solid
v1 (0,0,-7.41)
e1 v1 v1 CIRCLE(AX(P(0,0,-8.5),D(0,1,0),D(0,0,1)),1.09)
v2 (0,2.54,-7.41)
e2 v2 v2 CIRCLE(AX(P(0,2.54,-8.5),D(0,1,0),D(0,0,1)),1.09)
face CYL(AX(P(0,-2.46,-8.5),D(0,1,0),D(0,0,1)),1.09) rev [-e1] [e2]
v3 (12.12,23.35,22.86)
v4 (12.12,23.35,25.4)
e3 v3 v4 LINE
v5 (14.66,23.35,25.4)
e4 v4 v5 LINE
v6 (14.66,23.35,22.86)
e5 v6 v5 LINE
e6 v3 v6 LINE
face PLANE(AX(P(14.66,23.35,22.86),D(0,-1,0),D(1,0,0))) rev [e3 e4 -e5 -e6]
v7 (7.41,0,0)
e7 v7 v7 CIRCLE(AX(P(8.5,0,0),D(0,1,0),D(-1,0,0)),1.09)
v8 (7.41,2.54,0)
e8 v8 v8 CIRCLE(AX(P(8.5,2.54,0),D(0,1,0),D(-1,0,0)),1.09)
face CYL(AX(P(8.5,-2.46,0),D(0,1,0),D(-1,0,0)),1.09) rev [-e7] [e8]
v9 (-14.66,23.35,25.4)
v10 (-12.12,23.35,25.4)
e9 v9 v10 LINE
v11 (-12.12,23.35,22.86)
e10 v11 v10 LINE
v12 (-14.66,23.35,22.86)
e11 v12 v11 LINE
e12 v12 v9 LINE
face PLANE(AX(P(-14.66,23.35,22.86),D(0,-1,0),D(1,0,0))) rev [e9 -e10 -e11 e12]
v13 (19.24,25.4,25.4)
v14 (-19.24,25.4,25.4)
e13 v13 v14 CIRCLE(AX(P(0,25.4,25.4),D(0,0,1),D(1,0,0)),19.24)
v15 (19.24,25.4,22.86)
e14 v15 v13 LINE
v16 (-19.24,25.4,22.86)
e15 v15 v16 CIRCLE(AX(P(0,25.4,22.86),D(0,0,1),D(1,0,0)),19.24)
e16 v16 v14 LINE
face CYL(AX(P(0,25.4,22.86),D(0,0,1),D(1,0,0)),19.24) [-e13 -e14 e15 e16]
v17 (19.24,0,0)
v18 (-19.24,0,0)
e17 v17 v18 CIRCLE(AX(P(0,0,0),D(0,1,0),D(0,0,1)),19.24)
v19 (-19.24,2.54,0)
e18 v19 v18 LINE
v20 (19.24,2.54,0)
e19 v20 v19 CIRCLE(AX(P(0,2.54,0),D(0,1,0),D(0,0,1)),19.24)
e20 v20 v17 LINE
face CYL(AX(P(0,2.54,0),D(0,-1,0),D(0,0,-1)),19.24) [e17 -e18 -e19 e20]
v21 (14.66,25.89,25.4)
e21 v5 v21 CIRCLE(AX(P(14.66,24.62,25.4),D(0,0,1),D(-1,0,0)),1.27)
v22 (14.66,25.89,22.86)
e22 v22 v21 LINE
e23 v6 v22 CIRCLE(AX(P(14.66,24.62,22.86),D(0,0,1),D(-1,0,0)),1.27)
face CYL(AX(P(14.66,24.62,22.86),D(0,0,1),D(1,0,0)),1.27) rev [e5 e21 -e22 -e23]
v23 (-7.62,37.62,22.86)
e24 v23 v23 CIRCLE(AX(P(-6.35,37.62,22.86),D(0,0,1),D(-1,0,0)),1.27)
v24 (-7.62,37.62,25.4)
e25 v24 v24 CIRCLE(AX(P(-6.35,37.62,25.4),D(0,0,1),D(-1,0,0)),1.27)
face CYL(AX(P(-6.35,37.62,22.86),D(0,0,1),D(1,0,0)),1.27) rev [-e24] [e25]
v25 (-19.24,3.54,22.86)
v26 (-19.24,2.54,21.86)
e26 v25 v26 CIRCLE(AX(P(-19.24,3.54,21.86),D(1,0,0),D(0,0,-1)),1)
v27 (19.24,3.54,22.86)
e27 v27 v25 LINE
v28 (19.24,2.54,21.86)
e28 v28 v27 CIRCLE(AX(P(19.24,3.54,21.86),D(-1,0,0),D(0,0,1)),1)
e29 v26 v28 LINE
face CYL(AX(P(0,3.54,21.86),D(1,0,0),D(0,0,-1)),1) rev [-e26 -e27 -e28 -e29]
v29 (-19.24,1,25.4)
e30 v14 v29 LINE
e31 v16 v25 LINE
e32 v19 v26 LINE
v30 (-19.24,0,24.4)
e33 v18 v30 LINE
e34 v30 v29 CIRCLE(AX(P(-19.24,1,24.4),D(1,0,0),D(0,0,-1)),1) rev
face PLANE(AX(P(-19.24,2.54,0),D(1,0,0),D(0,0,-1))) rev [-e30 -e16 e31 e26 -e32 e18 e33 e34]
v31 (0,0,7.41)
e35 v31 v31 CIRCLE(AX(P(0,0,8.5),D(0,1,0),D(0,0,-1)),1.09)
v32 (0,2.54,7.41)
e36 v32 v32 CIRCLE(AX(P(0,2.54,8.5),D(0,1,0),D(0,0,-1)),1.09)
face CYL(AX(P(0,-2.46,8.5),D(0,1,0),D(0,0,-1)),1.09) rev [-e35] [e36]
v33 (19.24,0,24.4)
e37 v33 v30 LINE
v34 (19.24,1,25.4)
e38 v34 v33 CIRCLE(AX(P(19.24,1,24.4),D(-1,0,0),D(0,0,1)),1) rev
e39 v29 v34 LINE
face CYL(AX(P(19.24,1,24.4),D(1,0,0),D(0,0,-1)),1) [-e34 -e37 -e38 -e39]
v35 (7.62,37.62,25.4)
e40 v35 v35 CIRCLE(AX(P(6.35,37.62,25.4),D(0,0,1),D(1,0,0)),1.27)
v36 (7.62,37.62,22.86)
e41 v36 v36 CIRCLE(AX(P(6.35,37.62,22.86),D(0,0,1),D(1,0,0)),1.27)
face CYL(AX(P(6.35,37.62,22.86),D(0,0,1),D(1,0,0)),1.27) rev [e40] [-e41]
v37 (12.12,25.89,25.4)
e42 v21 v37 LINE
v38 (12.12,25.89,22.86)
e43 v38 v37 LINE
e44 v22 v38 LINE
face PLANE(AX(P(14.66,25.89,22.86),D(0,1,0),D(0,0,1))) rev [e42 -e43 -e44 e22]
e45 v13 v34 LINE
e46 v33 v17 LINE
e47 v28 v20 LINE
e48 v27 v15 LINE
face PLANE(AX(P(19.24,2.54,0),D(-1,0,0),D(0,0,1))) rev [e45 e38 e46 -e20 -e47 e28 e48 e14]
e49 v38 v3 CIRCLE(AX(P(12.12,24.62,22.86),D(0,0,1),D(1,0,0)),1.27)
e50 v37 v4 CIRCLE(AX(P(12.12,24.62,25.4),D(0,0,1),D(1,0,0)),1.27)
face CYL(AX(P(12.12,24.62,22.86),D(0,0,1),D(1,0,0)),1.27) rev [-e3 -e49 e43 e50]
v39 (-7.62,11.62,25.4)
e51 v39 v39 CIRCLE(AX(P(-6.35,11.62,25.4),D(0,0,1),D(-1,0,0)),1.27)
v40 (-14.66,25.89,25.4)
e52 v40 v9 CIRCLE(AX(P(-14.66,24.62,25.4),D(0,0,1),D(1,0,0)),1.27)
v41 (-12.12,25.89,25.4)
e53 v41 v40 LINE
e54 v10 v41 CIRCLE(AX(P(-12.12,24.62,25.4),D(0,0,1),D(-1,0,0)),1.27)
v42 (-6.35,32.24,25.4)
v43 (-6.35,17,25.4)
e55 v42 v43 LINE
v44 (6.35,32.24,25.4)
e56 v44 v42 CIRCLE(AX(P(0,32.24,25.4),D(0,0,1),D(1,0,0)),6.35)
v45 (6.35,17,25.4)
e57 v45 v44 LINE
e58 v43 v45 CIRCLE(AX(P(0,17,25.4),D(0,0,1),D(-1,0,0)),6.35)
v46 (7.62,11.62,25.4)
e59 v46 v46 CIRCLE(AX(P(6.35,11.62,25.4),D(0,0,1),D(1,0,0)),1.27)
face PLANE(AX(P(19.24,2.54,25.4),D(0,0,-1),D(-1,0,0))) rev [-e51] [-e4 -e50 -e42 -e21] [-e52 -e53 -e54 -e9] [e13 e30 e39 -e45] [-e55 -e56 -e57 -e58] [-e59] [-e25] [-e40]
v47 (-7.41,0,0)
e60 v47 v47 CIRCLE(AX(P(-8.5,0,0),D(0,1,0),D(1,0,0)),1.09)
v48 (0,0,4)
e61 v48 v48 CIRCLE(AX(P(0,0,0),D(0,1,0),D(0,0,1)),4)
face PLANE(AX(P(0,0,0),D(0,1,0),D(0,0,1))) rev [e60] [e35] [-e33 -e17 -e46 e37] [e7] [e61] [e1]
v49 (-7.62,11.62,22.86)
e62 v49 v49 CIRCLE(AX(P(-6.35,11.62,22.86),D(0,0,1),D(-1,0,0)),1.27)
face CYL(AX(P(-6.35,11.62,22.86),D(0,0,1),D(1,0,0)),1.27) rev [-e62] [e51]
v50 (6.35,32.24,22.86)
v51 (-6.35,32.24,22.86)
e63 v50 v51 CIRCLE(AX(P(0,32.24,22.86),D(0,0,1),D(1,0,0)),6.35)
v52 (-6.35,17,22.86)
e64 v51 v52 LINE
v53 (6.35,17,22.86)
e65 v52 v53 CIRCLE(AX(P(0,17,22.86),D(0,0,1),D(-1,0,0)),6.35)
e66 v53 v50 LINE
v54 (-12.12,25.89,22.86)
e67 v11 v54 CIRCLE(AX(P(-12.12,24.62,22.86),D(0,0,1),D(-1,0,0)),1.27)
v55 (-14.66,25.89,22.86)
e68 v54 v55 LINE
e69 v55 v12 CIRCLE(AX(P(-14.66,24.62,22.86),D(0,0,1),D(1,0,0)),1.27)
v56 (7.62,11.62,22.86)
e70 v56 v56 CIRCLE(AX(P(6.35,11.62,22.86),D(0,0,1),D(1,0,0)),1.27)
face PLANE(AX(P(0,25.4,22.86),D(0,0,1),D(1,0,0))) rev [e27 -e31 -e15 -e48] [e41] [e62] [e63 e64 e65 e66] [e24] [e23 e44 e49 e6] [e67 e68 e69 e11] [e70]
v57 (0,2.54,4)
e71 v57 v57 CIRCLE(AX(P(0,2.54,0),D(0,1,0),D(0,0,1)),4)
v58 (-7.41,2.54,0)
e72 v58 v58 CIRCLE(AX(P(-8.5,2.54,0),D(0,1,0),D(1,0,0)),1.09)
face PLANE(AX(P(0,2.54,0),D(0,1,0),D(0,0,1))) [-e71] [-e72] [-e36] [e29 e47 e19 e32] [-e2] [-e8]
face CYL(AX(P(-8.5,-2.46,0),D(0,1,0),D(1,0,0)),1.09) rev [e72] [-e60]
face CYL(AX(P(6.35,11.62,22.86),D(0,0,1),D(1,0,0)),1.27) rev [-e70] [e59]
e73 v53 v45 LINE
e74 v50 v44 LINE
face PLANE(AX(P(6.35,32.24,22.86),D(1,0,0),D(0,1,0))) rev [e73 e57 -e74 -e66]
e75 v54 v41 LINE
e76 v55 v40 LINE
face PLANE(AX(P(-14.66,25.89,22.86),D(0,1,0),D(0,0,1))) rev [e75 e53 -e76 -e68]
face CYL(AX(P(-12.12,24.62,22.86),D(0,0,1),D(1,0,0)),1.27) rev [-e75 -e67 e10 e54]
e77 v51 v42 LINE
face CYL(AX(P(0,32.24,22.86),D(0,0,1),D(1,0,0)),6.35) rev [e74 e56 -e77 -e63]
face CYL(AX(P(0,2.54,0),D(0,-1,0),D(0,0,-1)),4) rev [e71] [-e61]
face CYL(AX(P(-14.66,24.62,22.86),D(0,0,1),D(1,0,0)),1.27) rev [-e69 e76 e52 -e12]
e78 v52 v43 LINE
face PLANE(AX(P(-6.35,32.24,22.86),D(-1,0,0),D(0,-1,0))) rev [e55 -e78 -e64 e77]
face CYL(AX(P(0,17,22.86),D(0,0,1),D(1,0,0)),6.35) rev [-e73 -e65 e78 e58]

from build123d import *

# Parameters (mm, degrees)
SKETCH1_R           = 4
BOSS_EXTRUDE1_DEPTH = 2.54
SKETCH2_R           = 1.09
CUT_EXTRUDE1_DEPTH  = 5
CIRPATTERN1_COUNT   = 4
SKETCH3_R           = 1.27
BOSS_EXTRUDE2_DEPTH = 2.54
FILLET1_R           = 1


with BuildPart() as part:
    # Sketch1 → Boss-Extrude1 (new body)
    with BuildSketch(Plane(origin=(0, 0, 0), x_dir=(1, 0, 0), z_dir=(0, 1, 0))):
        with BuildLine():
            Line((-19.24, 0), (-19.24, -25.4))
            Line((-19.24, -25.4), (19.24, -25.4))
            Line((19.24, -25.4), (19.24, 0))
            ThreePointArc((19.24, 0), (0, 19.24), (-19.24, 0))
        make_face()
        with Locations(Location((0, 0, 0), (0, 0, 270))):
            Circle(SKETCH1_R, mode=Mode.SUBTRACT)
    extrude(amount=BOSS_EXTRUDE1_DEPTH)

    # Sketch2 → Cut-Extrude1 (cut, symmetric)
    with BuildSketch(Plane(origin=(0, 2.54, 0), x_dir=(1, 0, 0), z_dir=(0, 1, 0))):
        with Locations(Location((0, 8.5, 0), (0, 0, 270))):
            Circle(SKETCH2_R)
    cut_extrude1 = extrude(amount=CUT_EXTRUDE1_DEPTH, both=True, mode=Mode.SUBTRACT)

    # CirPattern1: Cut-Extrude1 ×4 about axis
    cirpattern1_axis = Axis((0, 0, 0), (0, 1, 0))
    for i in range(1, CIRPATTERN1_COUNT):
        add(cut_extrude1.rotate(cirpattern1_axis, i * 360 / CIRPATTERN1_COUNT), mode=Mode.SUBTRACT)

    # Sketch3 → Boss-Extrude2 (add)
    with BuildSketch(Plane.XY.offset(25.4)):
        with BuildLine():
            Line((19.24, 2.54), (19.24, 25.4))
            ThreePointArc((19.24, 25.4), (0, 44.64), (-19.24, 25.4))
            Line((-19.24, 25.4), (-19.24, 2.54))
            Line((-19.24, 2.54), (19.24, 2.54))
        make_face()
        with Locations((6.35, 37.62)):
            Circle(SKETCH3_R, mode=Mode.SUBTRACT)
        with Locations((6.35, 11.62)):
            Circle(SKETCH3_R, mode=Mode.SUBTRACT)
        with Locations(Location((-6.35, 11.62, 0), (0, 0, 180))):
            Circle(SKETCH3_R, mode=Mode.SUBTRACT)
        with Locations(Location((-6.35, 37.62, 0), (0, 0, 180))):
            Circle(SKETCH3_R, mode=Mode.SUBTRACT)
        with BuildLine():
            Line((6.35, 32.24), (6.35, 17))
            ThreePointArc((6.35, 17), (0, 10.65), (-6.35, 17))
            Line((-6.35, 17), (-6.35, 32.24))
            ThreePointArc((-6.35, 32.24), (0, 38.59), (6.35, 32.24))
        make_face(mode=Mode.SUBTRACT)
        with BuildLine():
            Line((14.66, 25.89), (12.12, 25.89))
            ThreePointArc((12.12, 25.89), (10.85, 24.62), (12.12, 23.35))
            Line((12.12, 23.35), (14.66, 23.35))
            ThreePointArc((14.66, 23.35), (15.93, 24.62), (14.66, 25.89))
        make_face(mode=Mode.SUBTRACT)
        with BuildLine():
            Line((-14.66, 23.35), (-12.12, 23.35))
            ThreePointArc((-12.12, 23.35), (-10.85, 24.62), (-12.12, 25.89))
            Line((-12.12, 25.89), (-14.66, 25.89))
            ThreePointArc((-14.66, 25.89), (-15.93, 24.62), (-14.66, 23.35))
        make_face(mode=Mode.SUBTRACT)
    extrude(amount=-BOSS_EXTRUDE2_DEPTH)

    # Fillet1
    fillet1_edges = [part.edges().sort_by_distance(p)[0] for p in [
        (0, 0, 25.4),
        (0, 2.54, 22.86),
    ]]
    fillet(fillet1_edges, radius=FILLET1_R)


solid = part.part
